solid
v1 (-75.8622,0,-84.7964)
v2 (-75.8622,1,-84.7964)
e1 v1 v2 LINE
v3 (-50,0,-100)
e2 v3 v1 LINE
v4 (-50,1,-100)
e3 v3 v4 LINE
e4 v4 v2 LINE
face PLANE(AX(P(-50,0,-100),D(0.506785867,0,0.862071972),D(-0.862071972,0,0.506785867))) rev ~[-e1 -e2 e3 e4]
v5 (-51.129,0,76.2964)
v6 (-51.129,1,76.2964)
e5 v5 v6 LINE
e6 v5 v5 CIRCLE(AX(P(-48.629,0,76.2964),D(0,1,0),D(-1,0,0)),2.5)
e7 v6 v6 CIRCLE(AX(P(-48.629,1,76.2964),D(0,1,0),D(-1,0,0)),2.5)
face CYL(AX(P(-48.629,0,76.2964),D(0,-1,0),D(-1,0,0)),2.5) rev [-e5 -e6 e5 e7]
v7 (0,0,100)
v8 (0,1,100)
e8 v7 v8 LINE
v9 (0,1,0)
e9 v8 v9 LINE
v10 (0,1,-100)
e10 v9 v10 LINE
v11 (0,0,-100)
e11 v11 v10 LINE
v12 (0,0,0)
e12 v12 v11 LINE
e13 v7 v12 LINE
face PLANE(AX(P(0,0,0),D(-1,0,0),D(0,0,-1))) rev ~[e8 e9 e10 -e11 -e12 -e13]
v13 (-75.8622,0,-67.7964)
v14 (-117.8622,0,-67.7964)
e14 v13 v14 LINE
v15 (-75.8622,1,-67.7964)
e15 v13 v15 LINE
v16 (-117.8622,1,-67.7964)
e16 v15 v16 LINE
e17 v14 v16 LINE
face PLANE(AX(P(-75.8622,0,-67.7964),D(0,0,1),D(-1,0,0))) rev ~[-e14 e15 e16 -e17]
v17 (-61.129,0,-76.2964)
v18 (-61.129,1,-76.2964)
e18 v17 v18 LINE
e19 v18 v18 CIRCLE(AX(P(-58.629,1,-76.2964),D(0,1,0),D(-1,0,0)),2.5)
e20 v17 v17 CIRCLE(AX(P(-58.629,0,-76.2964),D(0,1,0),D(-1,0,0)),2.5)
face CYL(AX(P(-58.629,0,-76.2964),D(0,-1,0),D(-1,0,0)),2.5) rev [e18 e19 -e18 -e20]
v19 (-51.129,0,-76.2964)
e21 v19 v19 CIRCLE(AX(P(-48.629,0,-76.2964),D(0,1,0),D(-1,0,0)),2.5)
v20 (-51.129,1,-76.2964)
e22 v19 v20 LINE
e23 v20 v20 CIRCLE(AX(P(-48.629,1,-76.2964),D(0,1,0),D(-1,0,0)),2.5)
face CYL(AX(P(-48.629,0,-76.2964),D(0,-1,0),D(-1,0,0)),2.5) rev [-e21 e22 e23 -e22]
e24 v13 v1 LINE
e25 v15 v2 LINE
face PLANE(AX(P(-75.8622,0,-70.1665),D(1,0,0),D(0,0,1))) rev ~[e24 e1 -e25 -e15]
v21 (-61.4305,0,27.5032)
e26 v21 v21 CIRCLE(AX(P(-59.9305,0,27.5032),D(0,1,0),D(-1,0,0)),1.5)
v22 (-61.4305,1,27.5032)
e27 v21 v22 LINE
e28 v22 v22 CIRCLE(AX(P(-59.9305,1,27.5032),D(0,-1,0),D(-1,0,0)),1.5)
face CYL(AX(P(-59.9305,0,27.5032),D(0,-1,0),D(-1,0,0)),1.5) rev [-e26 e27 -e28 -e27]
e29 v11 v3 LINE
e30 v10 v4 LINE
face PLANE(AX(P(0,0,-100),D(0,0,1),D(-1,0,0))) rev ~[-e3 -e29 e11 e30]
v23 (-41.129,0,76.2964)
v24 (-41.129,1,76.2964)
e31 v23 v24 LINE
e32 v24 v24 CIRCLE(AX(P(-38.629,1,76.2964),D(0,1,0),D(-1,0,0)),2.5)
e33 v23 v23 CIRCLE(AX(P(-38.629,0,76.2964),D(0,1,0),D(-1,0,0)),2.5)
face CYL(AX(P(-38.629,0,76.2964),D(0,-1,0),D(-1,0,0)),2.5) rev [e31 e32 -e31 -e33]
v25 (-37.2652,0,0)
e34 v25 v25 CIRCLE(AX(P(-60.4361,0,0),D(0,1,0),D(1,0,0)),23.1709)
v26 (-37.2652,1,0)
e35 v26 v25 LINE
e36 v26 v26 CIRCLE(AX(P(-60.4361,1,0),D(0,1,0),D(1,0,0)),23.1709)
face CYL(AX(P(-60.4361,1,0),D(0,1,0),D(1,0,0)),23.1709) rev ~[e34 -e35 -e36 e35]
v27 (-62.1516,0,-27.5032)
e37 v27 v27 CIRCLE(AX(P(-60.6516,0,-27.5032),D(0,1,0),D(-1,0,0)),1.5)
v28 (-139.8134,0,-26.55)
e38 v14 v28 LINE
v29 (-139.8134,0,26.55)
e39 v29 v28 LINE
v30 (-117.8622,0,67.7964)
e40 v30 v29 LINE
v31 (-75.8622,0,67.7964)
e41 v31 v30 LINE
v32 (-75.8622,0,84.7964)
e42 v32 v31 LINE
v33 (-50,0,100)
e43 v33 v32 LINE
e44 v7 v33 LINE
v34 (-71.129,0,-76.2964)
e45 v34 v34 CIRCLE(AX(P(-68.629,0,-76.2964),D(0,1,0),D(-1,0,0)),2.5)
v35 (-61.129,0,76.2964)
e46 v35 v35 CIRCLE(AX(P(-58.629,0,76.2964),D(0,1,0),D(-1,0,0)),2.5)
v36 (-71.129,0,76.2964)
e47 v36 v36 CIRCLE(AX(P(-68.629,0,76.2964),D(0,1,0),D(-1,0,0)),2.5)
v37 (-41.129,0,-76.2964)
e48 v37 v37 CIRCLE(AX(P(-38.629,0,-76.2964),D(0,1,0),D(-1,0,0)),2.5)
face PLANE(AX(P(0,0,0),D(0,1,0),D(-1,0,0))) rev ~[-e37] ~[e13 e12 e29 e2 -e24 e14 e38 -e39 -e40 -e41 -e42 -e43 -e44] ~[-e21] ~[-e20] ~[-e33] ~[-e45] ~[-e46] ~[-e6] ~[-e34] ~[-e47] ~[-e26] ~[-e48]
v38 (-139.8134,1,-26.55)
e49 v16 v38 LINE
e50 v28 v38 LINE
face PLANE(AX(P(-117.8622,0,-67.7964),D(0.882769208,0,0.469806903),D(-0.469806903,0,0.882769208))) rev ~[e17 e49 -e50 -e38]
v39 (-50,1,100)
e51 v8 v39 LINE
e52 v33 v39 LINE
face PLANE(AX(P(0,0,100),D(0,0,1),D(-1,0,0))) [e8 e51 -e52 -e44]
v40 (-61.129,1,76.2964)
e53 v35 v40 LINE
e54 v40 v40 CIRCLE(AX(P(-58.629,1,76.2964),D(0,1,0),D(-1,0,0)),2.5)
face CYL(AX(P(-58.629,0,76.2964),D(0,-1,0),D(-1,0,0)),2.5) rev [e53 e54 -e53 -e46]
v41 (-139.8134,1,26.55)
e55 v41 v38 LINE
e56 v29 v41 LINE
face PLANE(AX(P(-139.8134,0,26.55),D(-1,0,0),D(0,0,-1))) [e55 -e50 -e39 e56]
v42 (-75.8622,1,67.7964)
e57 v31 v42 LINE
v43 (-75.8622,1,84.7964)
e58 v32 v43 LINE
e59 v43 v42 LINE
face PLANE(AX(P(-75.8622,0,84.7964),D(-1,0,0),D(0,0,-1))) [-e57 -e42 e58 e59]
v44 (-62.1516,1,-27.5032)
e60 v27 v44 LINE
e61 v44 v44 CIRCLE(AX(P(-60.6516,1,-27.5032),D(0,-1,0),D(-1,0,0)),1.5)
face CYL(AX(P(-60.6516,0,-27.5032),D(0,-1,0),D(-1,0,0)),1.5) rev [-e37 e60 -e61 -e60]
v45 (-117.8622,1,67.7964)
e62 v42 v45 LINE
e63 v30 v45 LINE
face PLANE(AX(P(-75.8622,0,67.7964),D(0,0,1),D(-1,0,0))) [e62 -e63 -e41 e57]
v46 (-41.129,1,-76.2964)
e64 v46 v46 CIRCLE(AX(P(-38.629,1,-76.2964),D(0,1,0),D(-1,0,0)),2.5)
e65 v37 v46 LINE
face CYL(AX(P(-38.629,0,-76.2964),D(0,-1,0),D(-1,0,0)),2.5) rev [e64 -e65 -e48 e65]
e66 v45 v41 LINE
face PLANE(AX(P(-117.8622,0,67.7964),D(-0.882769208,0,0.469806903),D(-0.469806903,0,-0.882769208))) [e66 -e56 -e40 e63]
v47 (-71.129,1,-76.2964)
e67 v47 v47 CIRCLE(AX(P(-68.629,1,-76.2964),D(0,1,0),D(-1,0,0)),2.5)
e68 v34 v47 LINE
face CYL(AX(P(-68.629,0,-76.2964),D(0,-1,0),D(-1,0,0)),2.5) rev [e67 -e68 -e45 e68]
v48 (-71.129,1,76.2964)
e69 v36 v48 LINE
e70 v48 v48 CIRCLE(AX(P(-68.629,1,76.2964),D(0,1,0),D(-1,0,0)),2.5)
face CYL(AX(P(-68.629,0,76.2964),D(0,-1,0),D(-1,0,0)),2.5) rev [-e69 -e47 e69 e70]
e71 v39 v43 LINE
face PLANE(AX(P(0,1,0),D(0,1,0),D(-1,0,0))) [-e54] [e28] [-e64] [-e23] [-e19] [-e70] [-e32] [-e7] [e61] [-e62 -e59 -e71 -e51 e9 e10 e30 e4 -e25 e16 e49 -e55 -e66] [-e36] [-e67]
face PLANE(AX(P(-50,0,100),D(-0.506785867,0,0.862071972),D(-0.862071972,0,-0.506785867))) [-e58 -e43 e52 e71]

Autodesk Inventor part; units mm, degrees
ref_plane "YZ Plane" through (0, 0, 0) normal (1, 0, 0) x (0, 1, 0)
ref_plane "XZ Plane" through (0, 0, 0) normal (0, 1, 0) x (-1, 0, 0)
ref_plane "XY Plane" through (0, 0, 0) normal (0, 0, 1) x (1, 0, 0)
sketch "Esboço1" plane through (0, 0, 0) normal (0, 1, 0) x (-1, 0, 0)
  line L0 (0, 100) -> (50, 100)
  line L1 (50, 100) -> (75.8622, 84.7964)
  line L2 (50, 100) -> (80, 100) construction
  line L3 (75.8622, 84.7964) -> (75.8622, 67.7964)
  line L4 (75.8622, 67.7964) -> (117.8622, 67.7964)
  line L5 (117.8622, 67.7964) -> (170.8622, 67.7964) construction
  circle A0 centre (68.629, 76.2964) radius 2.5
  circle A1 centre (58.629, 76.2964) radius 2.5
  circle A2 centre (48.629, 76.2964) radius 2.5
  circle A3 centre (38.629, 76.2964) radius 2.5
  line L6 (0, -100) -> (50, -100)
  line L7 (50, -100) -> (75.8622, -84.7964)
  line L8 (75.8622, -84.7964) -> (75.8622, -67.7964)
  line L9 (75.8622, -67.7964) -> (117.8622, -67.7964)
  circle A4 centre (68.629, -76.2964) radius 2.5
  circle A5 centre (58.629, -76.2964) radius 2.5
  circle A6 centre (48.629, -76.2964) radius 2.5
  circle A7 centre (38.629, -76.2964) radius 2.5
  line L10 (0, 100) -> (0, -100)
  line L11 (75.8622, -82.1665) -> (75.8622, -70.1665)
  circle A8 centre (61.129, 0) radius 23
  line L12 (117.8622, 67.7964) -> (139.8134, 26.55)
  line L13 (117.8622, -67.7964) -> (139.8134, -26.55)
  line L14 (139.8134, 26.55) -> (139.8134, -26.55)
  line L15 (0, 0) -> (61.129, 0)
  circle A9 centre (59.9305, 27.5032) radius 1.5
  circle A10 centre (60.6516, -27.5032) radius 1.5
  dimension "d5" = 30
  dimension "d6" = 30.45
  dimension "d17" = 10
  dimension "d32" = 42
  dimension "d33" = 25.8621
  dimension "d34" = 50
  dimension "d37" = 46
  dimension "d40" = 53.1001
  dimension "d41" = 21.9513
  dimension "d42" = 17
  dimension "d43" = 46.7239
  dimension "d44" = 118.022
  dimension "d45" = 61.129
  dimension "d46" = 200
  dimension "d48" = 3
  dimension "d53" = 3
  dimension "d56" = 5
extrude "Extrusão1" add sketch "Esboço1" along normal blind 1 contours A8 | L0 L1 L3 L4 L12 L14 L13 L9 L8 L7 L6 L10 | A9 | A10
sketch "Esboço3" plane through (0, 1, 0) normal (0, 1, 0) x (1, 0, 0)
  circle A0 centre (-60.4361, 0) radius 23.1709
  point P0 (0, 0)
extrude "Extrusão3" cut sketch "Esboço3" against normal blind 3.75
extrude "Extrusão4" cut sketch "Esboço1" along normal blind 3.75 contours A9
extrude "Extrusão5" [suppressed]
extrude "Extrusão6" cut sketch "Esboço1" along normal blind 3.75 contours A10
properties part number "base"
